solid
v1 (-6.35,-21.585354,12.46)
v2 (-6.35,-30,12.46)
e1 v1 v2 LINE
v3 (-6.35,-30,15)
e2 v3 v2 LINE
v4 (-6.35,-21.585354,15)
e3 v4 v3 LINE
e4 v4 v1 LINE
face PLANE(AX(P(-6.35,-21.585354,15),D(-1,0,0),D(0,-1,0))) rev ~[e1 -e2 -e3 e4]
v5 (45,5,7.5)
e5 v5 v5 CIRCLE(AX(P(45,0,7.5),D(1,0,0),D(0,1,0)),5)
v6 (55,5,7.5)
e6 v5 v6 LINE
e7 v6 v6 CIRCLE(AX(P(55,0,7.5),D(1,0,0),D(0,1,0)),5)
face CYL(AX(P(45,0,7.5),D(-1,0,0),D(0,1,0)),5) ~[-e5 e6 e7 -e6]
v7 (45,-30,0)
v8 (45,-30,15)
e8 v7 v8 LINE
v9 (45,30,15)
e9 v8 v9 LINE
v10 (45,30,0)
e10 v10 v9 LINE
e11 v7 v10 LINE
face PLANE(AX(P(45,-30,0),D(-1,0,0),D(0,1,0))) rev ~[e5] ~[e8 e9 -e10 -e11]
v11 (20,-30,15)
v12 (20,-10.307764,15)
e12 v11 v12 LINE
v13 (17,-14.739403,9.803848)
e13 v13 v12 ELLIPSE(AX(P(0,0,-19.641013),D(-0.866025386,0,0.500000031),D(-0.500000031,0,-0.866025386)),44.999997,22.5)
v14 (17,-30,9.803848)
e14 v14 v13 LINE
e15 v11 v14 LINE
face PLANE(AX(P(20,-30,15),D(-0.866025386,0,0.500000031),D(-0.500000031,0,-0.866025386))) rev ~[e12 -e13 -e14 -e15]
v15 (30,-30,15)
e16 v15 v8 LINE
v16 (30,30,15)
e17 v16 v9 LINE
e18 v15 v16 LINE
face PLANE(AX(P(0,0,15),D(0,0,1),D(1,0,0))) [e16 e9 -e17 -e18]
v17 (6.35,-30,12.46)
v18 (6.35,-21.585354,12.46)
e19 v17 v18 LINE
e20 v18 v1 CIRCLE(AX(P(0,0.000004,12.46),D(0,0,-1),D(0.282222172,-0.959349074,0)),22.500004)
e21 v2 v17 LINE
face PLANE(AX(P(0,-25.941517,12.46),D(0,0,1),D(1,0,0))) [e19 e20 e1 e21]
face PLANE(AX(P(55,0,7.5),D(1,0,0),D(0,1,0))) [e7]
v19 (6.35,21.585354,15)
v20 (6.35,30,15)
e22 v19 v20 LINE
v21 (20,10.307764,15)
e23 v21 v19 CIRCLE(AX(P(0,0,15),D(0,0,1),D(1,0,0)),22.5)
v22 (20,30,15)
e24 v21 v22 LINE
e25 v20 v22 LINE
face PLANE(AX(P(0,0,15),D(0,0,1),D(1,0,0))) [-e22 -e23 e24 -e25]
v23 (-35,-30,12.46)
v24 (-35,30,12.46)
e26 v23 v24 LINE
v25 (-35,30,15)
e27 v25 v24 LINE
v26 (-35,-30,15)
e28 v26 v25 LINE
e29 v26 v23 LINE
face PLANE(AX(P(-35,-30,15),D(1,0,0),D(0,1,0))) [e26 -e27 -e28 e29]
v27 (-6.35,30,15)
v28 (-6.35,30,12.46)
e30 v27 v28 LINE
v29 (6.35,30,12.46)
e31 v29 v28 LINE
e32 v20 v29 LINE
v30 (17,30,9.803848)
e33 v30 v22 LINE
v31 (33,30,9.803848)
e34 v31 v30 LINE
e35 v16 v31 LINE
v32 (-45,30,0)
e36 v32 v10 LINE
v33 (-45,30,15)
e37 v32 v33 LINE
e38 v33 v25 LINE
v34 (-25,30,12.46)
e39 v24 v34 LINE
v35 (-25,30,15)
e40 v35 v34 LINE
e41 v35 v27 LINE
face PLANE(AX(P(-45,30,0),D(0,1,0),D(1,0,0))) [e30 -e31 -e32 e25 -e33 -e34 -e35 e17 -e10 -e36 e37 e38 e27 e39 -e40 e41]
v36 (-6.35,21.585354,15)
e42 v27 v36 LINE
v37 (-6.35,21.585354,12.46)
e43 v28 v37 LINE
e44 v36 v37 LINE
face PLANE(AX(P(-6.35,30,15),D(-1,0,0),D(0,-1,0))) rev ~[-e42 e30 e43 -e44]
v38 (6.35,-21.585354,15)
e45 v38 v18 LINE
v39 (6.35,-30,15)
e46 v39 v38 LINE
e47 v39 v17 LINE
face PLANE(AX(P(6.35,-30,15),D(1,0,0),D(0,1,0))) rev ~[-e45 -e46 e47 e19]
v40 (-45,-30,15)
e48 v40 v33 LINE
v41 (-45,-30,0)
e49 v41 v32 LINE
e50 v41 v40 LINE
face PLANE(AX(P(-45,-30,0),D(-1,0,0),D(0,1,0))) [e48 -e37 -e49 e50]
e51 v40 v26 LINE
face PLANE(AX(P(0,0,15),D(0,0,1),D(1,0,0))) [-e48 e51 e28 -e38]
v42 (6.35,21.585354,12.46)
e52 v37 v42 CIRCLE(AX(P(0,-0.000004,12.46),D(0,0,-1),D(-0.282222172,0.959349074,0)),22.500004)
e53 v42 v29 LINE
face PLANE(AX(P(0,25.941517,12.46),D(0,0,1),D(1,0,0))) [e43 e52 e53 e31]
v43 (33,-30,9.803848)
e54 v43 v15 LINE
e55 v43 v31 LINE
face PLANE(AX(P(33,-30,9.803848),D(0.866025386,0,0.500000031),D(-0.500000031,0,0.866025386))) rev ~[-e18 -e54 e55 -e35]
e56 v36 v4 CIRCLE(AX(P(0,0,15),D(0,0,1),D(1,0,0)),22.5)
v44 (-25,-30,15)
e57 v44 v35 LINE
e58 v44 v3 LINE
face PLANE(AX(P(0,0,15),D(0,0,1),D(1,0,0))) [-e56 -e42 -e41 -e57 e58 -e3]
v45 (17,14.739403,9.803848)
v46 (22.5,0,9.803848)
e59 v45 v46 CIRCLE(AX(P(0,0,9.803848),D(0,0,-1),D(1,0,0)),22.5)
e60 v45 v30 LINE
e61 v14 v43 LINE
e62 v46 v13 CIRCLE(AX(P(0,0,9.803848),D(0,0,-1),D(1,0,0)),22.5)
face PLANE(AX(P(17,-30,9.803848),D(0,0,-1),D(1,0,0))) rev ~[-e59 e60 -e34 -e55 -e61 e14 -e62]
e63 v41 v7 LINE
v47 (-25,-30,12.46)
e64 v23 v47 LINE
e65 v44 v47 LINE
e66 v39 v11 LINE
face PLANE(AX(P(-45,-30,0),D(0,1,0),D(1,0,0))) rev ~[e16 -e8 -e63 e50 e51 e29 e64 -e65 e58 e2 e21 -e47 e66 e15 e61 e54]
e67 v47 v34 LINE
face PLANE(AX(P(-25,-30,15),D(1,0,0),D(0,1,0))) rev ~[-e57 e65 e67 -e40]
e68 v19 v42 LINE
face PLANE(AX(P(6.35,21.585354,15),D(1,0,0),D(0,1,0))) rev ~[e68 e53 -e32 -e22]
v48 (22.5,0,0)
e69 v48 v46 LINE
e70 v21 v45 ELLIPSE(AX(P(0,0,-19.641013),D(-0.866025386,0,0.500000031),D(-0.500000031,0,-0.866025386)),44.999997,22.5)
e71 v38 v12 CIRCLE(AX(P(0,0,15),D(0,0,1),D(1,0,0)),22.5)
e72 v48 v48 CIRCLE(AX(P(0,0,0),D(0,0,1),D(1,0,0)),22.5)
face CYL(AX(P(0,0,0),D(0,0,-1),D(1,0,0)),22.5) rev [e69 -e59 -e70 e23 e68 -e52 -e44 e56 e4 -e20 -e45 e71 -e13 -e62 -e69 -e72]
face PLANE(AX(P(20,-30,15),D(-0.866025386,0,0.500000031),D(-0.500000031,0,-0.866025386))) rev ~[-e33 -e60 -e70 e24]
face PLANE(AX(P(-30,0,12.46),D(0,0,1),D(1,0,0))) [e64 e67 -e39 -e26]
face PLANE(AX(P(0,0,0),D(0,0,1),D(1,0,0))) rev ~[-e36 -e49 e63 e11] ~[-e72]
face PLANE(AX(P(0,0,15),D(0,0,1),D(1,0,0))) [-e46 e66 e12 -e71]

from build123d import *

# Parameters (mm, degrees)
F0_W     = 90
F0_H     = 60
F0_R     = 22.5
F1_DEPTH = 15
F2_W     = 10
F2_H     = 60
F3_DEPTH = 2.54
F5_DEPTH = 60.001
F6_R     = 5
F7_DEPTH = 10


with BuildPart() as f1:
    # F0 (on Top) → F1 (new body)
    with BuildSketch(Plane.XY):
        Rectangle(F0_W, F0_H)
        Circle(F0_R, mode=Mode.SUBTRACT)
    extrude(amount=F1_DEPTH)

    # F2 (on face) → F3 (cut)
    with BuildSketch(Plane.XY.offset(15)):
        with Locations((-30, 0)):
            Rectangle(F2_W, F2_H)
        with BuildLine():
            Line((6.35, 30), (-6.35, 30))
            Line((-6.35, 30), (-6.35, 21.585354))
            ThreePointArc((-6.35, 21.585354), (0, 22.5), (6.35, 21.585354))
            Line((6.35, 21.585354), (6.35, 30))
        make_face()
        with BuildLine():
            Line((-6.35, -21.585354), (-6.35, -30))
            Line((-6.35, -30), (6.35, -30))
            Line((6.35, -30), (6.35, -21.585354))
            ThreePointArc((6.35, -21.585354), (0, -22.5), (-6.35, -21.585354))
        make_face()
    extrude(amount=-F3_DEPTH, mode=Mode.SUBTRACT)

    # F4 (on face) → F5 (cut, through all)
    with BuildSketch(Plane.XZ.offset(30)):
        Polygon((30, 15), (20, 15), (17, 9.803848), (33, 9.803848), align=None)
    extrude(amount=-F5_DEPTH, mode=Mode.SUBTRACT)

    # F6 (on face) → F7 (join)
    with BuildSketch(Plane.YZ.offset(45)):
        with Locations((0, 7.5)):
            Circle(F6_R)
    extrude(amount=F7_DEPTH)


solid = f1.part
